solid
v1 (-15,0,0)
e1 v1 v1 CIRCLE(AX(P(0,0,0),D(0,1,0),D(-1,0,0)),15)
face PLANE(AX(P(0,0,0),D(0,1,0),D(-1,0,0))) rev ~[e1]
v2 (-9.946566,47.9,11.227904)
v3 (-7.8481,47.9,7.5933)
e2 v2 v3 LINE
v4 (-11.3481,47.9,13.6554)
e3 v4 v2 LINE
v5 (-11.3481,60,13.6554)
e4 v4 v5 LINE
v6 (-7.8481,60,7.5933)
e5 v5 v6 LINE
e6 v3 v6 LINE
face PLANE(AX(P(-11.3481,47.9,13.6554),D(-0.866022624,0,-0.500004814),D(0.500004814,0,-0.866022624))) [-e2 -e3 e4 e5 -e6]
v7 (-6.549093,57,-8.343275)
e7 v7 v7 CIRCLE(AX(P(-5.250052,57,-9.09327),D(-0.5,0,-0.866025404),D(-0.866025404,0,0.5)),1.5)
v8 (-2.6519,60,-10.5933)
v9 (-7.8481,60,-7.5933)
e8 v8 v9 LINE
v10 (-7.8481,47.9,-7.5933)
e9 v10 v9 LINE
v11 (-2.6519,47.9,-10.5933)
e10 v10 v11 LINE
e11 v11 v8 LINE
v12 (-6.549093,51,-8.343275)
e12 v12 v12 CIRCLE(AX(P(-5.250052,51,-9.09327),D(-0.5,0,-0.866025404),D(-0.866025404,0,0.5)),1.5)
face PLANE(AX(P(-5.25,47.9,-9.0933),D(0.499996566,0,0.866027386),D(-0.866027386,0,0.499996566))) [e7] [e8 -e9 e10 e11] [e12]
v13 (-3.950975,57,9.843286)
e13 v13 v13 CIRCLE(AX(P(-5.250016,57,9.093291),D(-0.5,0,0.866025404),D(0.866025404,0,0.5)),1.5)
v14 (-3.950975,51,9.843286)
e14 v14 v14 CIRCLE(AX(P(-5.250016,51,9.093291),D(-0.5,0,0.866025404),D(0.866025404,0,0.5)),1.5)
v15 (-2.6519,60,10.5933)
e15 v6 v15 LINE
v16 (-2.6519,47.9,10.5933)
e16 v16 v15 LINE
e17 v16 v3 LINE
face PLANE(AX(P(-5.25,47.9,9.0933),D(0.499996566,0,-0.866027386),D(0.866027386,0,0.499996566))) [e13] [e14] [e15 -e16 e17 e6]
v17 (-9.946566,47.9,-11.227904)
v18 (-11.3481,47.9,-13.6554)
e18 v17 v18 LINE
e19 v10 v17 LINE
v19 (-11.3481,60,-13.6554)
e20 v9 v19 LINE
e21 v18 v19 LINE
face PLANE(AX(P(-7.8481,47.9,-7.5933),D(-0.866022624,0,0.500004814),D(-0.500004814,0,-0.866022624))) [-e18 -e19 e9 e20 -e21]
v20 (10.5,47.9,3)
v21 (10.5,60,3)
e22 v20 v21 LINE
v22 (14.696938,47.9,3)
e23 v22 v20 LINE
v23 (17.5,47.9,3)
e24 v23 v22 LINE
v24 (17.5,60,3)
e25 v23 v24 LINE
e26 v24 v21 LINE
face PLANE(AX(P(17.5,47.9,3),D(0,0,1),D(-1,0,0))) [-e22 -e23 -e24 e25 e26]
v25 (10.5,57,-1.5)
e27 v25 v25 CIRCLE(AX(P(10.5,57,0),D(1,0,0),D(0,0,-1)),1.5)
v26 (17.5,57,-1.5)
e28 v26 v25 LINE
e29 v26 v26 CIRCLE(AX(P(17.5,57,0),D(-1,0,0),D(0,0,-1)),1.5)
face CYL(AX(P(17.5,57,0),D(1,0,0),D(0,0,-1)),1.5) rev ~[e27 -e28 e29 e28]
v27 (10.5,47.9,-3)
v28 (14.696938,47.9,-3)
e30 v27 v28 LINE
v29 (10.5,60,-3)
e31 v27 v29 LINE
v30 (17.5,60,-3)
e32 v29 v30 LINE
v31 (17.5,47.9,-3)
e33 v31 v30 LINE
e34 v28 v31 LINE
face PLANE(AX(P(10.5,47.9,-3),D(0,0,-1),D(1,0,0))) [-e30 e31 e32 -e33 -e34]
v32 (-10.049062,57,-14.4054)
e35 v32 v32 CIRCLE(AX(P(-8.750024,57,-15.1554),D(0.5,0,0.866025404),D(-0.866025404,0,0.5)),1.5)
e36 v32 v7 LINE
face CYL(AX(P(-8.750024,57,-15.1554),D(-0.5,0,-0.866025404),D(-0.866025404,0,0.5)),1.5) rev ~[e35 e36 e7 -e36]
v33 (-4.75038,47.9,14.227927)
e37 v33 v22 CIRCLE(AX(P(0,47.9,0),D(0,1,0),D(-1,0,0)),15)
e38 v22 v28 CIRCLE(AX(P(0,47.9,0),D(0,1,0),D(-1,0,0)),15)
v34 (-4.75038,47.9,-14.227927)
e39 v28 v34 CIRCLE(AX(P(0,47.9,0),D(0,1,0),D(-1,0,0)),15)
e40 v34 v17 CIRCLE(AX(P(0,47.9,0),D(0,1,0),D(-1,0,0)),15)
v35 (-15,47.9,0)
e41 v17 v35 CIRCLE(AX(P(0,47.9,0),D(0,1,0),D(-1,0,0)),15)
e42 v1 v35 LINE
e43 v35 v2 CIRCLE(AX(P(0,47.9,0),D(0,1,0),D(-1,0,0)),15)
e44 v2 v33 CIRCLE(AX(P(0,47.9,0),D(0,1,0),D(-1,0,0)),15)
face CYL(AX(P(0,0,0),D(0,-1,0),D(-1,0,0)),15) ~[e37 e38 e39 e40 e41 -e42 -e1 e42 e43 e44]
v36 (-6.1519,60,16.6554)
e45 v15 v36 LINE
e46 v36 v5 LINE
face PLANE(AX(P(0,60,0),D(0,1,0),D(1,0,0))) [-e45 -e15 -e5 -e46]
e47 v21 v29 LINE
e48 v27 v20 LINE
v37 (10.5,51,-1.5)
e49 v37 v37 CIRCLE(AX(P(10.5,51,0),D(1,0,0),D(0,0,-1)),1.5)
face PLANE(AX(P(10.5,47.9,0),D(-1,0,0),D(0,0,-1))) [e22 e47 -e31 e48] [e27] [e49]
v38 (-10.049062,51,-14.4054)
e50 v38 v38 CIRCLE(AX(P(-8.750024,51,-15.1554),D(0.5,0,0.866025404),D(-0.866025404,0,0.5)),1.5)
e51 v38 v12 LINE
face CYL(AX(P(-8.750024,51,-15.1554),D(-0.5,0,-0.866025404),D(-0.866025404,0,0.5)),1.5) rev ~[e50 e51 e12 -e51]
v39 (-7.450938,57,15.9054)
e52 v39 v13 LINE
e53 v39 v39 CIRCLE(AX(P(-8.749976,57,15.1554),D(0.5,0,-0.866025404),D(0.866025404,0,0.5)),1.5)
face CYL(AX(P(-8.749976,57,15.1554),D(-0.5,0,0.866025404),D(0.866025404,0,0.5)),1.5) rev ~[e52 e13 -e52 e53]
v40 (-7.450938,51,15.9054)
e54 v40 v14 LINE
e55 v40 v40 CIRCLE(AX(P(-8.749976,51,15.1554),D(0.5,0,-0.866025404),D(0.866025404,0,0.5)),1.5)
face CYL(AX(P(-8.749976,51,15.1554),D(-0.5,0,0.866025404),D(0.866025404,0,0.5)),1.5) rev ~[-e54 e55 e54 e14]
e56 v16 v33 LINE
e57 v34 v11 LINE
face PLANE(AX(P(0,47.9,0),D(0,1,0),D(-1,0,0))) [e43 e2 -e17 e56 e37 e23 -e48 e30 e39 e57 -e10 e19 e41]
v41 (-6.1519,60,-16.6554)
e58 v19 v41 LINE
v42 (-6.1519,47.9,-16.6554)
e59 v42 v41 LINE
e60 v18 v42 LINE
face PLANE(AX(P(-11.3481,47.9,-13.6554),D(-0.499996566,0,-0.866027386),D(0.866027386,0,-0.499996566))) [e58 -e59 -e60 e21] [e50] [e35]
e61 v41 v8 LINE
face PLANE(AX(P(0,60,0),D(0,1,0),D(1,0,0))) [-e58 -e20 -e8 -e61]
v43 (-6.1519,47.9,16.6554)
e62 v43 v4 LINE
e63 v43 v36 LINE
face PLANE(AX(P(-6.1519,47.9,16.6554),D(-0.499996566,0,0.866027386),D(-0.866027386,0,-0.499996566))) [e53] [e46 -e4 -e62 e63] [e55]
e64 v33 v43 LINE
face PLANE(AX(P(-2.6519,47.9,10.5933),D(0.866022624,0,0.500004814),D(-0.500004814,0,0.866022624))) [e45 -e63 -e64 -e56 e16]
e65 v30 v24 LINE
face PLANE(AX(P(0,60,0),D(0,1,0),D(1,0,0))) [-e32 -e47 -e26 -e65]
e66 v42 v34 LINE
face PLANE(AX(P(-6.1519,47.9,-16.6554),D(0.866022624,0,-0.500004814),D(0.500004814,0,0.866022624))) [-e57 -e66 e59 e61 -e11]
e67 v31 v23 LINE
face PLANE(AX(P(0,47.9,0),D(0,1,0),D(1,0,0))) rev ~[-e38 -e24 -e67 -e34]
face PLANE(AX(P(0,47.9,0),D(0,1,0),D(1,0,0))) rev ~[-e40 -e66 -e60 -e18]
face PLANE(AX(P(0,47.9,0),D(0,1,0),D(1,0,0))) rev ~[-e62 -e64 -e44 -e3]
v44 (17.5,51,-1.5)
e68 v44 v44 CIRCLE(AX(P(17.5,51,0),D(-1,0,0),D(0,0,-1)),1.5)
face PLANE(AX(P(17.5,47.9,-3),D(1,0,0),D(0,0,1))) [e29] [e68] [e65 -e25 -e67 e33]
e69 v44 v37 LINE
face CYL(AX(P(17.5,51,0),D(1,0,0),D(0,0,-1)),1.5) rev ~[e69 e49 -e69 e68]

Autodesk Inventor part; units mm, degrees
ref_plane "YZ Plane" through (0, 0, 0) normal (1, 0, 0) x (0, 1, 0)
ref_plane "XZ Plane" through (0, 0, 0) normal (0, 1, 0) x (-1, 0, 0)
ref_plane "XY Plane" through (0, 0, 0) normal (0, 0, 1) x (1, 0, 0)
sketch "Sketch1" plane through (0, 0, 0) normal (0, 1, 0) x (-1, 0, 0)
  circle A0 centre (0, 0) radius 15
  dimension "d0" = 30
extrude "Extrusion1" add sketch "Sketch1" along normal blind 47.9
sketch "Sketch2" plane through (0, 47.9, 0) normal (0, 1, 0) x (1, 0, 0)
  circle A0 centre (0, 0) radius 10.5
  line L0 (10.5, 0) -> (10.5, 3)
  line L1 (10.5, 3) -> (17.5, 3)
  line L2 (17.5, 3) -> (17.5, -3)
  line L3 (17.5, -3) -> (10.5, -3)
  line L4 (10.5, -3) -> (10.5, 0)
  line L5 (-5.25, 9.0933) -> (-7.8481, 7.5933)
  line L6 (-7.8481, 7.5933) -> (-11.3481, 13.6554)
  line L7 (-11.3481, 13.6554) -> (-6.1519, 16.6554)
  line L8 (-6.1519, 16.6554) -> (-2.6519, 10.5933)
  line L9 (-2.6519, 10.5933) -> (-5.25, 9.0933)
  line L10 (-5.25, -9.0933) -> (-2.6519, -10.5933)
  line L11 (-2.6519, -10.5933) -> (-6.1519, -16.6554)
  line L12 (-6.1519, -16.6554) -> (-11.3481, -13.6554)
  line L13 (-11.3481, -13.6554) -> (-7.8481, -7.5933)
  line L14 (-7.8481, -7.5933) -> (-5.25, -9.0933)
  line L15 (0, 0) -> (-5.25, 9.0933)
  line L16 (0, 0) -> (10.5, 0)
  dimension "d4" = 21
  dimension "d5" = 3
  dimension "d6" = 7
  dimension "d7" = 6
  dimension "d10" = 360
  dimension "d12" = 120
extrude "Extrusion2" add sketch "Sketch2" along normal blind 12.1 contours L10 L11 L12 L13 L14 | L5 L6 L7 L8 L9 | L0 L1 L2 L3 L4
sketch "Sketch4" plane through (17.5, 47.9, 3) normal (1, 0, 0) x (0, 0, -1)
  line L0 (6, 12.1) -> (0, 12.1) projected
  line L1 (3, 12.1) -> (3, 9.1)
  line L2 (3, 9.1) -> (3, 3.1)
  circle A0 centre (3, 9.1) radius 1.5
  circle A1 centre (3, 3.1) radius 1.5
  point P0 (3, -47.9)
  dimension "d15" = 3
  dimension "d16" = 6
  dimension "d17" = 3
  dimension "d18" = 3
extrude "Extrusion3" cut sketch "Sketch4" against normal through all
sketch "Sketch5" plane through (-6.1519, 47.9, 16.6554) normal (-0.5, 0, 0.866) x (0.866, 0, 0.5)
  line L0 (-6, 12.1) -> (0, 12.1) projected
  line L1 (-3, 12.1) -> (-3, 9.1)
  line L2 (-3, 9.1) -> (-3, 3.1)
  circle A0 centre (-3, 9.1) radius 1.5
  circle A1 centre (-3, 3.1) radius 1.5
  point P0 (-3, -47.9)
  dimension "d21" = 3
  dimension "d22" = 6
  dimension "d23" = 3
  dimension "d24" = 3
extrude "Extrusion4" cut sketch "Sketch5" against normal through all
sketch "Sketch6" plane through (-11.3481, 47.9, -13.6554) normal (-0.5, 0, -0.866) x (-0.866, 0, 0.5)
  line L0 (8.2279, 0) -> (-14.2279, 0) projected
  line L1 (0, 12.1) -> (-6, 12.1) projected
  line L2 (-3, 12.1) -> (-3, 9.1)
  line L3 (-3, 9.1) -> (-3, 3.1)
  circle A0 centre (-3, 9.1) radius 1.5
  circle A1 centre (-3, 3.1) radius 1.5
  point P0 (-3, -47.9)
  dimension "d27" = 3
  dimension "d28" = 6
  dimension "d29" = 3
  dimension "d30" = 3
extrude "Extrusion5" cut sketch "Sketch6" against normal through all
properties part number "Cilindro" material "Aluminum 6061"
